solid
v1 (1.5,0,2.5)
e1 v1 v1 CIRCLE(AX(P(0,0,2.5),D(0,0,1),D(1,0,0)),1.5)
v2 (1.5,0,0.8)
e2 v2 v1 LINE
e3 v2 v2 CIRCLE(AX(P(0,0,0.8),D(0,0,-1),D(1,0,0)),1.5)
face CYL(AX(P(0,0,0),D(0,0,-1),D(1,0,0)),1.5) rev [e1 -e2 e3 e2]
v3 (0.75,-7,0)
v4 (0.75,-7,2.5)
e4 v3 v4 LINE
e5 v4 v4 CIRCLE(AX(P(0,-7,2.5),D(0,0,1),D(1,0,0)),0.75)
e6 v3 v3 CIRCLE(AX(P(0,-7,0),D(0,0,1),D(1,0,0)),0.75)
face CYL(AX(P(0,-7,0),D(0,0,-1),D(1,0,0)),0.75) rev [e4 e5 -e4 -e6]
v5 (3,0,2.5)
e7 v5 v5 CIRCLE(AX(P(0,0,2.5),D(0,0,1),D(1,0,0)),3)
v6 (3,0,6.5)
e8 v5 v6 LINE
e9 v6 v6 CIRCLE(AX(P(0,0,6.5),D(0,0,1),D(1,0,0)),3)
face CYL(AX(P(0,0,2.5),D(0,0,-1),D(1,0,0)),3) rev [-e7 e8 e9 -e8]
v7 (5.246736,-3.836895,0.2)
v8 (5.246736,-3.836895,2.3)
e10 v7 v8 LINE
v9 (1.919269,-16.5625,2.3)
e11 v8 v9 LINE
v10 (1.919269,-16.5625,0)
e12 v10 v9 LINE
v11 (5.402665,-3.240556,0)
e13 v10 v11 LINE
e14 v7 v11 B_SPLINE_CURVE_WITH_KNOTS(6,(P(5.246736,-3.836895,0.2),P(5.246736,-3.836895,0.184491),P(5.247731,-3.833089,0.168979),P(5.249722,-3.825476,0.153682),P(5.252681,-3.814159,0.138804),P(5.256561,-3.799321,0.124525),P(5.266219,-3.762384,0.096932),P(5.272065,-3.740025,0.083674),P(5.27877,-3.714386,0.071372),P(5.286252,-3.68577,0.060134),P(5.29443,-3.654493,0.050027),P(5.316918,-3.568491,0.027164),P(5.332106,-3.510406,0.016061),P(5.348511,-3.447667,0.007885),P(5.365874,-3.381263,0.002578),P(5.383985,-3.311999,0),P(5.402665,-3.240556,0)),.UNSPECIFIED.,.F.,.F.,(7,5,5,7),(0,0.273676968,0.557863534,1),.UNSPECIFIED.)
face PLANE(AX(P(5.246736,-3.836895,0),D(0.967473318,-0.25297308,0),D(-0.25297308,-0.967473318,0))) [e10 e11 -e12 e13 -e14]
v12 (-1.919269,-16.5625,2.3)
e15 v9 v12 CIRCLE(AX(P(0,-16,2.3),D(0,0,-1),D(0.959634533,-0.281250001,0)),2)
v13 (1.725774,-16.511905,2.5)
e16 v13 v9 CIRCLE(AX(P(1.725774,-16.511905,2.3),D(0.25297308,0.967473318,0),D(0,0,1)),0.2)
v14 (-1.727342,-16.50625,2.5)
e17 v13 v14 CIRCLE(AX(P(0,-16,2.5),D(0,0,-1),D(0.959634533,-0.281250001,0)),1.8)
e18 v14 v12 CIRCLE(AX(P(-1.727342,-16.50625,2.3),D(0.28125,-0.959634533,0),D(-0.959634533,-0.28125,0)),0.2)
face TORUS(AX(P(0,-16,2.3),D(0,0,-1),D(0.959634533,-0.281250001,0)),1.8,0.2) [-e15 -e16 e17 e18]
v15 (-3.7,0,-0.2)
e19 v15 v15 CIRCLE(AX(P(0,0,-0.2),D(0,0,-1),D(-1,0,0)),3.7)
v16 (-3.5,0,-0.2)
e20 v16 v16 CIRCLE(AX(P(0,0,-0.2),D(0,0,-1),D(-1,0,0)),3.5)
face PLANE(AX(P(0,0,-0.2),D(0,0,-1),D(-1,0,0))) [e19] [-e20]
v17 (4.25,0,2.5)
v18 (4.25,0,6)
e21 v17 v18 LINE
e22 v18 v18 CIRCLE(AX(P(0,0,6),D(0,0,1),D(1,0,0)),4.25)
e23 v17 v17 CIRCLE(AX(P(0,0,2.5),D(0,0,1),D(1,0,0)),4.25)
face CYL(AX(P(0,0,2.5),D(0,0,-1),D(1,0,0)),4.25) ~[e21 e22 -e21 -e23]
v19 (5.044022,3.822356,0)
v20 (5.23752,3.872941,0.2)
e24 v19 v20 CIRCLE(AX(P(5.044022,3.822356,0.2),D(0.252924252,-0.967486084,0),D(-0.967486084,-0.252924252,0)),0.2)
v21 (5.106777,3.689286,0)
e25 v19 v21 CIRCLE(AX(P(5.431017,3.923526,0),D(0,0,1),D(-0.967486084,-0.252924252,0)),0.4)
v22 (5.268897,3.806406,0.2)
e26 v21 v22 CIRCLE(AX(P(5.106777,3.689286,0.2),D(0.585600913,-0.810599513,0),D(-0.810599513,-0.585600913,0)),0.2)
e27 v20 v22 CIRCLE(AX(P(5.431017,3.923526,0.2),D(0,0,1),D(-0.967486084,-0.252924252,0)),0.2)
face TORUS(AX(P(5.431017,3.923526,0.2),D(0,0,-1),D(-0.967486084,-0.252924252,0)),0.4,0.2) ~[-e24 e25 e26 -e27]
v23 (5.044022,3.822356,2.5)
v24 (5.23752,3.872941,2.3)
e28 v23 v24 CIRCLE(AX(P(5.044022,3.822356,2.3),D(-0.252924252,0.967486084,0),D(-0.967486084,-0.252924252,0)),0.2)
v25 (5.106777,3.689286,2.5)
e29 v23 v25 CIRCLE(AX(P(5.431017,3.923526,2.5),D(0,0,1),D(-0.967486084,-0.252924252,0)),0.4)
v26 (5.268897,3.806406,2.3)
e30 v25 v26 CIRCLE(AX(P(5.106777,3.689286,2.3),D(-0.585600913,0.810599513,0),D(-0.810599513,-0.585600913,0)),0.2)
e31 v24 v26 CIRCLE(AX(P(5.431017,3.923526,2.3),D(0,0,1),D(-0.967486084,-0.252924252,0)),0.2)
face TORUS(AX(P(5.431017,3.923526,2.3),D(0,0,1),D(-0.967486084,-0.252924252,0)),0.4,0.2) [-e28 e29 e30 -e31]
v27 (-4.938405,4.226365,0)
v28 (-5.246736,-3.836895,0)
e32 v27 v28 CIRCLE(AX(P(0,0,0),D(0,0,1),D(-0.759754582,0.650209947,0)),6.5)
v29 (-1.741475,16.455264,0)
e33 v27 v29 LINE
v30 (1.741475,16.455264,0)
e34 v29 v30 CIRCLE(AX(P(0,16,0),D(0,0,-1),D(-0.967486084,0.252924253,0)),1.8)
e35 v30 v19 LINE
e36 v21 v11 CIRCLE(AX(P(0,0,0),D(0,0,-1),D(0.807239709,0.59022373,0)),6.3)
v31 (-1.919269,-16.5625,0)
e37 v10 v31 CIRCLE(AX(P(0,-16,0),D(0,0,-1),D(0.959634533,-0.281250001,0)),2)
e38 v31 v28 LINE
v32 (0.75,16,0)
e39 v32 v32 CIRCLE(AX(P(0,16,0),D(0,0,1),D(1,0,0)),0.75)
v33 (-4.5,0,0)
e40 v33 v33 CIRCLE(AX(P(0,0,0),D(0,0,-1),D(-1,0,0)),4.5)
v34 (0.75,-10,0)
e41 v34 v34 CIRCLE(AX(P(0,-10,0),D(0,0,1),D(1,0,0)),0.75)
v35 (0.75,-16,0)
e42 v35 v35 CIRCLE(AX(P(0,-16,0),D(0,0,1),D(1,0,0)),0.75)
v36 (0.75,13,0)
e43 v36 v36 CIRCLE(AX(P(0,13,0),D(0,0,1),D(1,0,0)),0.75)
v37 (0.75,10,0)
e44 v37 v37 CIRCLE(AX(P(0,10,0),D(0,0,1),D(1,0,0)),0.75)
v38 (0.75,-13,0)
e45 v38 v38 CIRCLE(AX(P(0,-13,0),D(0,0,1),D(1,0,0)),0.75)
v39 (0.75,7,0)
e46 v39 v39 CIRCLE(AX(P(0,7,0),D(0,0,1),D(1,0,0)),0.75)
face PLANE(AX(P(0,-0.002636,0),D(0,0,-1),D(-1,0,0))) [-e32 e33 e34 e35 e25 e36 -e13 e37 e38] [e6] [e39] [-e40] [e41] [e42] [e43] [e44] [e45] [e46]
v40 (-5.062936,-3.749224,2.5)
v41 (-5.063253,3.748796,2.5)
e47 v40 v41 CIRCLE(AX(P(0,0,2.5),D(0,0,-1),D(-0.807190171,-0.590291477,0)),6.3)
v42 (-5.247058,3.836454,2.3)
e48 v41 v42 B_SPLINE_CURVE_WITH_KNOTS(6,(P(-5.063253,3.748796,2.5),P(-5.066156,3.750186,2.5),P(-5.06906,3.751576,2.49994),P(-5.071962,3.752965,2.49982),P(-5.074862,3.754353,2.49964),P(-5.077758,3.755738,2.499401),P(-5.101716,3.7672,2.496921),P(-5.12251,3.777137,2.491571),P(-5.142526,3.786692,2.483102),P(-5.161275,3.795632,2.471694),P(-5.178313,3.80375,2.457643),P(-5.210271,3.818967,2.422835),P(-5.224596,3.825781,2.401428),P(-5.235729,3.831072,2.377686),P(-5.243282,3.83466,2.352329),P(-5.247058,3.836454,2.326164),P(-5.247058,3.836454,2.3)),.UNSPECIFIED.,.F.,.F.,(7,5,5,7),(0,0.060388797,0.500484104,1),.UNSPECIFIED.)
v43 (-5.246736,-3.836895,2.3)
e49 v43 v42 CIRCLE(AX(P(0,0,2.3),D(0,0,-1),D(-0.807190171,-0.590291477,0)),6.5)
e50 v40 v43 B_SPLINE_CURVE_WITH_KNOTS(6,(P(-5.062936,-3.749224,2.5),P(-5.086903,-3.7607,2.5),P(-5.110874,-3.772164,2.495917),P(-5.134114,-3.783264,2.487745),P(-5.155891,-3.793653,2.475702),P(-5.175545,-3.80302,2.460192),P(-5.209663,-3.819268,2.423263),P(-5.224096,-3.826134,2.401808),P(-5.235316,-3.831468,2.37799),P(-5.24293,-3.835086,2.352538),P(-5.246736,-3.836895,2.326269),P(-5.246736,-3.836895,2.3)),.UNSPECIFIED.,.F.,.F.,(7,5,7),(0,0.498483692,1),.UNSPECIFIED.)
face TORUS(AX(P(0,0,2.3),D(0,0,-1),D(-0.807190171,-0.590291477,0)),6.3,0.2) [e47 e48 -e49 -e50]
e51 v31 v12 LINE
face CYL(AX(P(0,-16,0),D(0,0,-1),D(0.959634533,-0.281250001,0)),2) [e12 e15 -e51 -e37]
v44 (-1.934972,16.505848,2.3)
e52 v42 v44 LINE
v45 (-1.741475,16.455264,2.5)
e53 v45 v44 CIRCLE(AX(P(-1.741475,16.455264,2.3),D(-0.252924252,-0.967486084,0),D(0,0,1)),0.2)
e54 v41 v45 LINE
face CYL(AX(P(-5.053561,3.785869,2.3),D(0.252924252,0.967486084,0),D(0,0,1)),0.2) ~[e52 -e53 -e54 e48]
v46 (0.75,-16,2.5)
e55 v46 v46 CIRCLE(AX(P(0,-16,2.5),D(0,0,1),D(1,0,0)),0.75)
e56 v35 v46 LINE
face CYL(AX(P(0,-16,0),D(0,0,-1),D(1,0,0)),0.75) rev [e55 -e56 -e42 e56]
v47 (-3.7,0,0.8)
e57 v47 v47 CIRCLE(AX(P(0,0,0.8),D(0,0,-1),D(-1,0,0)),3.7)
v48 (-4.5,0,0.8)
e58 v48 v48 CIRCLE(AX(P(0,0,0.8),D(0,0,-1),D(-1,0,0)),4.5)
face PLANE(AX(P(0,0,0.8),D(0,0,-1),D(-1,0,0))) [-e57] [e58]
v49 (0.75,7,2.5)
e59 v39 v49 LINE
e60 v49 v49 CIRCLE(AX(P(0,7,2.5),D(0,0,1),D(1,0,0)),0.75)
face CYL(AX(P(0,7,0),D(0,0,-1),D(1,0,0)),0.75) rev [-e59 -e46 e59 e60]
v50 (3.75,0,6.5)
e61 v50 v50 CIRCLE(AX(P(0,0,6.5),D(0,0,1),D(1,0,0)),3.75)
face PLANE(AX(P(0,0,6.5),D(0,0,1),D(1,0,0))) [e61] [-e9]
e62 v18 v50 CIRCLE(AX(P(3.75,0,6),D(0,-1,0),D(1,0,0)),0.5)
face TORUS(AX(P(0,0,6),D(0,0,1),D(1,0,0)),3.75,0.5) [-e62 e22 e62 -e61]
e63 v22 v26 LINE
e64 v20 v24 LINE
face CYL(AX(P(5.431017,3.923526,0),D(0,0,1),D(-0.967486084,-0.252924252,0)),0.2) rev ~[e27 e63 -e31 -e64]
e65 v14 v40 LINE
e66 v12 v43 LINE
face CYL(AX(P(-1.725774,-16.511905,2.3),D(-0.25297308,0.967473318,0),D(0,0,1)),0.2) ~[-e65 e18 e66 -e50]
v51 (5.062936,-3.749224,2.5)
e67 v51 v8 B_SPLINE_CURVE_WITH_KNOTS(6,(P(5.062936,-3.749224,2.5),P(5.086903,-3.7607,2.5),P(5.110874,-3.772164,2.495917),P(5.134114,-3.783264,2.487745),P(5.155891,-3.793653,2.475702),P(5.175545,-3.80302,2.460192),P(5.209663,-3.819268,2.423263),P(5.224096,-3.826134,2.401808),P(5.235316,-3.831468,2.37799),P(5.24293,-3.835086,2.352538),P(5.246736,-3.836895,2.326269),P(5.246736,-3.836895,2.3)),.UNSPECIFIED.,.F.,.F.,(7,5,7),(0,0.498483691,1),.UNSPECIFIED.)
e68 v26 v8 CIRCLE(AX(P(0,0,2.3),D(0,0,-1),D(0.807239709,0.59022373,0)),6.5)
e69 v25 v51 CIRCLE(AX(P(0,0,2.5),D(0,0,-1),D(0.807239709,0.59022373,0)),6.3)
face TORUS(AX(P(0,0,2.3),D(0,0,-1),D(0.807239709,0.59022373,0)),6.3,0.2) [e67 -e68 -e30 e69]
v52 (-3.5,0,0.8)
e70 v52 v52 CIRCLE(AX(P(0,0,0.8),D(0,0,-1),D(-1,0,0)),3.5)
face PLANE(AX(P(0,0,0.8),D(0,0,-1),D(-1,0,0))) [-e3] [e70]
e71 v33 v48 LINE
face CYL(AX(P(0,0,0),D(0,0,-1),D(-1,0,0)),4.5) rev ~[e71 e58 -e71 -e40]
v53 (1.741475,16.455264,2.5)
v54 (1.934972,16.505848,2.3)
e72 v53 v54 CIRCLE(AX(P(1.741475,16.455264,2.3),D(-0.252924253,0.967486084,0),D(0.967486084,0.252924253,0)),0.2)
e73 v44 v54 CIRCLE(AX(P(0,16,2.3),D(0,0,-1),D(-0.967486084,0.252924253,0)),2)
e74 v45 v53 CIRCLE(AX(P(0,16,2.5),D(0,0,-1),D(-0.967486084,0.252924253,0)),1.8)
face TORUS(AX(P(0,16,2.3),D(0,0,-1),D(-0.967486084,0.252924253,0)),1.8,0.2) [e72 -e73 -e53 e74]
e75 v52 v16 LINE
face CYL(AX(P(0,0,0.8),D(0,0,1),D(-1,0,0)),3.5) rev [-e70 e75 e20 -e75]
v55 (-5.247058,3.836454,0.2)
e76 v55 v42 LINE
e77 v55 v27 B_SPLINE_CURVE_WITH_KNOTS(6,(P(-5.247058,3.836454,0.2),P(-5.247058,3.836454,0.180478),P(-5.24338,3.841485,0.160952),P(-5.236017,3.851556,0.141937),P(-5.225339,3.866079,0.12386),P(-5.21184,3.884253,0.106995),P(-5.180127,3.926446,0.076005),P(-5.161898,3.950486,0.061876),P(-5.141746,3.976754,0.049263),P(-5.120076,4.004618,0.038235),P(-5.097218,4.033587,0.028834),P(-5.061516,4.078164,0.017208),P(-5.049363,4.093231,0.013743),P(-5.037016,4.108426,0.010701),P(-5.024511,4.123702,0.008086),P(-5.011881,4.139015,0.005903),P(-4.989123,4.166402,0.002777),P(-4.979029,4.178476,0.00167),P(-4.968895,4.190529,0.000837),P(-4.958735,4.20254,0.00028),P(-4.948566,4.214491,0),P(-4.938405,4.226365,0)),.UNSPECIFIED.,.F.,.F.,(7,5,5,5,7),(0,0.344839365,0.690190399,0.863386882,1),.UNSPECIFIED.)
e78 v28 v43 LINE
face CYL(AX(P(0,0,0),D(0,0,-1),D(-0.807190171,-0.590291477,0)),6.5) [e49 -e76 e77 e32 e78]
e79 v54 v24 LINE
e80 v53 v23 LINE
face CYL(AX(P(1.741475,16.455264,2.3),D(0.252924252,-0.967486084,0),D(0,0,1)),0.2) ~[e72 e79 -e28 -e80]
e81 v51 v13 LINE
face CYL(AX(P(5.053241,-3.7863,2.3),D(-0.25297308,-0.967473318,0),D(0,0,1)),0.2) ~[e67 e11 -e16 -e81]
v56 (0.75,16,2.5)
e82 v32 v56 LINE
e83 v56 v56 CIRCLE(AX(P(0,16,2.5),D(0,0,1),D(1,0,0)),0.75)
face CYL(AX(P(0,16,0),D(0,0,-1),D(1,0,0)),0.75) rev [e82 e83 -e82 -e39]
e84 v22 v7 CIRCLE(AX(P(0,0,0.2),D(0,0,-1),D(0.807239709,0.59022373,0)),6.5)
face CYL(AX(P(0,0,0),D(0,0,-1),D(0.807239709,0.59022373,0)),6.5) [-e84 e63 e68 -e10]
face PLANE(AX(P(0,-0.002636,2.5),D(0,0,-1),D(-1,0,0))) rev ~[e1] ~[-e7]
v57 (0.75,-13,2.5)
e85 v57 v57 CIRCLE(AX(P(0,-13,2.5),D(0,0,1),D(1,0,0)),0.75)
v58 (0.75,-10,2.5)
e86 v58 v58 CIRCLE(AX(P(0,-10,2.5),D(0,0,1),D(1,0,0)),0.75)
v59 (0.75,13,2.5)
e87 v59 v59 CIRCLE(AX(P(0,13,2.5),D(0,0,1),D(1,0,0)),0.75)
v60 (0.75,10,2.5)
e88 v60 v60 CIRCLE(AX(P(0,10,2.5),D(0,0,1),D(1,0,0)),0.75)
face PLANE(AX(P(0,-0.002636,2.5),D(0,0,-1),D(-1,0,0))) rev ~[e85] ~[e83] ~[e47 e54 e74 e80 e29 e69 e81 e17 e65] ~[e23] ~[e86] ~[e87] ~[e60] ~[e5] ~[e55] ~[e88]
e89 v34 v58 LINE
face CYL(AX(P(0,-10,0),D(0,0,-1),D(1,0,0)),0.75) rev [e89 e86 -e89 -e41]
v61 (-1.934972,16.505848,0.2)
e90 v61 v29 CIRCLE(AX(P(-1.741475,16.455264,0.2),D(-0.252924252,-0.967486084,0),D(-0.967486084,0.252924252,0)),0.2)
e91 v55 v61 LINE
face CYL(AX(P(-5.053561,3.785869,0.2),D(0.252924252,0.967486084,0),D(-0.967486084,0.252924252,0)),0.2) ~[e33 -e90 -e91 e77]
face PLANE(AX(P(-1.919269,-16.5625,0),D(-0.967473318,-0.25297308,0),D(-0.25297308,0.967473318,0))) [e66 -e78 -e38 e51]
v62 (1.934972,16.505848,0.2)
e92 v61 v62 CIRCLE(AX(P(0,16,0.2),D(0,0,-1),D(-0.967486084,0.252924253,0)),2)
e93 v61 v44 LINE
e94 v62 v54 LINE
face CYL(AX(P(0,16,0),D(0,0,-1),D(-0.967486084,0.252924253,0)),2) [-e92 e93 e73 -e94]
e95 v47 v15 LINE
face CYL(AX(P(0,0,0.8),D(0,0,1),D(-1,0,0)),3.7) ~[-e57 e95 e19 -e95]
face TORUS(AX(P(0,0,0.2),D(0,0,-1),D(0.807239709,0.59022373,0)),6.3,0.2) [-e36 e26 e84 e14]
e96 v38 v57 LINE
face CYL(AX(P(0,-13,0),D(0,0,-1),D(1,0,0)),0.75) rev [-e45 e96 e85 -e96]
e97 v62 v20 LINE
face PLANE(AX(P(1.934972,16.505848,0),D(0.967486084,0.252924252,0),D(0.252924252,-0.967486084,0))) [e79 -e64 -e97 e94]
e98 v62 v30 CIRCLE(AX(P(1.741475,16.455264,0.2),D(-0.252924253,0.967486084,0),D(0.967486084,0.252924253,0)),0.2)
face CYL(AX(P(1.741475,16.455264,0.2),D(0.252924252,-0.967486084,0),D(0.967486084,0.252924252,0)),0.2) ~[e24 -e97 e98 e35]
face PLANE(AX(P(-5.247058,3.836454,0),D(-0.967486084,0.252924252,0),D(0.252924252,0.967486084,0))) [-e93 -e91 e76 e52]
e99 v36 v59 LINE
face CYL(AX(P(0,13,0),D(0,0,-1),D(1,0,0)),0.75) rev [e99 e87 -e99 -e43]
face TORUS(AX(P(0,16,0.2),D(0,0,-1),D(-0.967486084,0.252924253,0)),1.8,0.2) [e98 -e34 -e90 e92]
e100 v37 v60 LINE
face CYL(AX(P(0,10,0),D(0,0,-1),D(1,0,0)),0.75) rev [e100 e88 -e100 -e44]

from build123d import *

# Parameters (mm, degrees)
SKETCH1_R           = 0.75
SKETCH1_R_2         = 1.5
BOSS_EXTRUDE1_DEPTH = 2.5
SKETCH2_R           = 4.25
SKETCH2_R_2         = 3
BOSS_EXTRUDE2_DEPTH = 4
SKETCH3_R           = 4.5
CUT_EXTRUDE1_DEPTH  = 0.8
SKETCH4_R           = 3.7
SKETCH4_R_2         = 3.5
BOSS_EXTRUDE3_DEPTH = 1
FILLET2_R           = 0.5
FILLET3_R           = 0.2


with BuildPart() as part:
    # Sketch1 → Boss-Extrude1 (new body)
    with BuildSketch(Plane.XY):
        with BuildLine():
            Line((1.934972164, 16.505848487), (5.247058111, 3.836454246))
            ThreePointArc((5.247058111, 3.836454246), (6.499999994, -0.000272762), (5.246736111, -3.836894601))
            Line((5.246736111, -3.836894601), (1.919269062, -16.5625))
            ThreePointArc((1.919269062, -16.5625), (0, -17.999999995), (-1.919269062, -16.562499999))
            Line((-1.919269062, -16.562499999), (-5.246736111, -3.836894601))
            ThreePointArc((-5.246736111, -3.836894601), (-6.499999994, -0.000272762), (-5.247058111, 3.836454246))
            Line((-5.247058111, 3.836454246), (-1.934972164, 16.505848487))
            ThreePointArc((-1.934972164, 16.505848487), (0, 17.999999979), (1.934972164, 16.505848487))
        make_face()
        with Locations((0, 7)):
            Circle(SKETCH1_R, mode=Mode.SUBTRACT)
        with Locations((0, 10)):
            Circle(SKETCH1_R, mode=Mode.SUBTRACT)
        with Locations((0, 13)):
            Circle(SKETCH1_R, mode=Mode.SUBTRACT)
        with Locations((0, 16)):
            Circle(SKETCH1_R, mode=Mode.SUBTRACT)
        Circle(SKETCH1_R_2, mode=Mode.SUBTRACT)
        with Locations((0, -16)):
            Circle(SKETCH1_R, mode=Mode.SUBTRACT)
        with Locations((0, -13)):
            Circle(SKETCH1_R, mode=Mode.SUBTRACT)
        with Locations((0, -10)):
            Circle(SKETCH1_R, mode=Mode.SUBTRACT)
        with Locations((0, -7)):
            Circle(SKETCH1_R, mode=Mode.SUBTRACT)
    extrude(amount=BOSS_EXTRUDE1_DEPTH)

    # Sketch2 → Boss-Extrude2 (add)
    with BuildSketch(Plane.XY.offset(2.5)):
        Circle(SKETCH2_R)
        Circle(SKETCH2_R_2, mode=Mode.SUBTRACT)
    extrude(amount=BOSS_EXTRUDE2_DEPTH)

    # Sketch3 → Cut-Extrude1 (cut)
    with BuildSketch(Plane(origin=(0, 0, 0), x_dir=(-1, 0, 0), z_dir=(0, 0, -1))):
        Circle(SKETCH3_R)
    extrude(amount=-CUT_EXTRUDE1_DEPTH, mode=Mode.SUBTRACT)

    # Sketch4 → Boss-Extrude3 (add)
    with BuildSketch(Plane(origin=(0, 0, 0.8), x_dir=(-1, 0, 0), z_dir=(0, 0, -1))):
        Circle(SKETCH4_R)
        Circle(SKETCH4_R_2, mode=Mode.SUBTRACT)
    extrude(amount=BOSS_EXTRUDE3_DEPTH)

    # Fillet2
    fillet2_edges = [part.edges().sort_by_distance(p)[0] for p in [
        (-4.25, 0, 6.5),
    ]]
    fillet(fillet2_edges, radius=FILLET2_R)

    # Fillet3
    fillet3_edges = [part.edges().sort_by_distance(p)[0] for p in [
        (3.583002587, -10.1996973, 2.5),
        (0, -17.999999995, 2.5),
        (-3.583002587, -10.1996973, 2.5),
        (-3.591015137, 10.171151366, 2.5),
        (0, 17.999999979, 2.5),
        (-3.591015137, 10.171151366, 0),
        (0, 17.999999979, 0),
        (3.591015137, 10.171151366, 2.5),
        (3.591015137, 10.171151366, 0),
        (6.499999994, -0.000272762, 2.5),
        (6.499999994, -0.000272762, 0),
        (5.247058111, 3.836454246, 1.25),
        (-6.499999994, -0.000272762, 2.5),
    ]]
    fillet(fillet3_edges, radius=FILLET3_R)


solid = part.part
